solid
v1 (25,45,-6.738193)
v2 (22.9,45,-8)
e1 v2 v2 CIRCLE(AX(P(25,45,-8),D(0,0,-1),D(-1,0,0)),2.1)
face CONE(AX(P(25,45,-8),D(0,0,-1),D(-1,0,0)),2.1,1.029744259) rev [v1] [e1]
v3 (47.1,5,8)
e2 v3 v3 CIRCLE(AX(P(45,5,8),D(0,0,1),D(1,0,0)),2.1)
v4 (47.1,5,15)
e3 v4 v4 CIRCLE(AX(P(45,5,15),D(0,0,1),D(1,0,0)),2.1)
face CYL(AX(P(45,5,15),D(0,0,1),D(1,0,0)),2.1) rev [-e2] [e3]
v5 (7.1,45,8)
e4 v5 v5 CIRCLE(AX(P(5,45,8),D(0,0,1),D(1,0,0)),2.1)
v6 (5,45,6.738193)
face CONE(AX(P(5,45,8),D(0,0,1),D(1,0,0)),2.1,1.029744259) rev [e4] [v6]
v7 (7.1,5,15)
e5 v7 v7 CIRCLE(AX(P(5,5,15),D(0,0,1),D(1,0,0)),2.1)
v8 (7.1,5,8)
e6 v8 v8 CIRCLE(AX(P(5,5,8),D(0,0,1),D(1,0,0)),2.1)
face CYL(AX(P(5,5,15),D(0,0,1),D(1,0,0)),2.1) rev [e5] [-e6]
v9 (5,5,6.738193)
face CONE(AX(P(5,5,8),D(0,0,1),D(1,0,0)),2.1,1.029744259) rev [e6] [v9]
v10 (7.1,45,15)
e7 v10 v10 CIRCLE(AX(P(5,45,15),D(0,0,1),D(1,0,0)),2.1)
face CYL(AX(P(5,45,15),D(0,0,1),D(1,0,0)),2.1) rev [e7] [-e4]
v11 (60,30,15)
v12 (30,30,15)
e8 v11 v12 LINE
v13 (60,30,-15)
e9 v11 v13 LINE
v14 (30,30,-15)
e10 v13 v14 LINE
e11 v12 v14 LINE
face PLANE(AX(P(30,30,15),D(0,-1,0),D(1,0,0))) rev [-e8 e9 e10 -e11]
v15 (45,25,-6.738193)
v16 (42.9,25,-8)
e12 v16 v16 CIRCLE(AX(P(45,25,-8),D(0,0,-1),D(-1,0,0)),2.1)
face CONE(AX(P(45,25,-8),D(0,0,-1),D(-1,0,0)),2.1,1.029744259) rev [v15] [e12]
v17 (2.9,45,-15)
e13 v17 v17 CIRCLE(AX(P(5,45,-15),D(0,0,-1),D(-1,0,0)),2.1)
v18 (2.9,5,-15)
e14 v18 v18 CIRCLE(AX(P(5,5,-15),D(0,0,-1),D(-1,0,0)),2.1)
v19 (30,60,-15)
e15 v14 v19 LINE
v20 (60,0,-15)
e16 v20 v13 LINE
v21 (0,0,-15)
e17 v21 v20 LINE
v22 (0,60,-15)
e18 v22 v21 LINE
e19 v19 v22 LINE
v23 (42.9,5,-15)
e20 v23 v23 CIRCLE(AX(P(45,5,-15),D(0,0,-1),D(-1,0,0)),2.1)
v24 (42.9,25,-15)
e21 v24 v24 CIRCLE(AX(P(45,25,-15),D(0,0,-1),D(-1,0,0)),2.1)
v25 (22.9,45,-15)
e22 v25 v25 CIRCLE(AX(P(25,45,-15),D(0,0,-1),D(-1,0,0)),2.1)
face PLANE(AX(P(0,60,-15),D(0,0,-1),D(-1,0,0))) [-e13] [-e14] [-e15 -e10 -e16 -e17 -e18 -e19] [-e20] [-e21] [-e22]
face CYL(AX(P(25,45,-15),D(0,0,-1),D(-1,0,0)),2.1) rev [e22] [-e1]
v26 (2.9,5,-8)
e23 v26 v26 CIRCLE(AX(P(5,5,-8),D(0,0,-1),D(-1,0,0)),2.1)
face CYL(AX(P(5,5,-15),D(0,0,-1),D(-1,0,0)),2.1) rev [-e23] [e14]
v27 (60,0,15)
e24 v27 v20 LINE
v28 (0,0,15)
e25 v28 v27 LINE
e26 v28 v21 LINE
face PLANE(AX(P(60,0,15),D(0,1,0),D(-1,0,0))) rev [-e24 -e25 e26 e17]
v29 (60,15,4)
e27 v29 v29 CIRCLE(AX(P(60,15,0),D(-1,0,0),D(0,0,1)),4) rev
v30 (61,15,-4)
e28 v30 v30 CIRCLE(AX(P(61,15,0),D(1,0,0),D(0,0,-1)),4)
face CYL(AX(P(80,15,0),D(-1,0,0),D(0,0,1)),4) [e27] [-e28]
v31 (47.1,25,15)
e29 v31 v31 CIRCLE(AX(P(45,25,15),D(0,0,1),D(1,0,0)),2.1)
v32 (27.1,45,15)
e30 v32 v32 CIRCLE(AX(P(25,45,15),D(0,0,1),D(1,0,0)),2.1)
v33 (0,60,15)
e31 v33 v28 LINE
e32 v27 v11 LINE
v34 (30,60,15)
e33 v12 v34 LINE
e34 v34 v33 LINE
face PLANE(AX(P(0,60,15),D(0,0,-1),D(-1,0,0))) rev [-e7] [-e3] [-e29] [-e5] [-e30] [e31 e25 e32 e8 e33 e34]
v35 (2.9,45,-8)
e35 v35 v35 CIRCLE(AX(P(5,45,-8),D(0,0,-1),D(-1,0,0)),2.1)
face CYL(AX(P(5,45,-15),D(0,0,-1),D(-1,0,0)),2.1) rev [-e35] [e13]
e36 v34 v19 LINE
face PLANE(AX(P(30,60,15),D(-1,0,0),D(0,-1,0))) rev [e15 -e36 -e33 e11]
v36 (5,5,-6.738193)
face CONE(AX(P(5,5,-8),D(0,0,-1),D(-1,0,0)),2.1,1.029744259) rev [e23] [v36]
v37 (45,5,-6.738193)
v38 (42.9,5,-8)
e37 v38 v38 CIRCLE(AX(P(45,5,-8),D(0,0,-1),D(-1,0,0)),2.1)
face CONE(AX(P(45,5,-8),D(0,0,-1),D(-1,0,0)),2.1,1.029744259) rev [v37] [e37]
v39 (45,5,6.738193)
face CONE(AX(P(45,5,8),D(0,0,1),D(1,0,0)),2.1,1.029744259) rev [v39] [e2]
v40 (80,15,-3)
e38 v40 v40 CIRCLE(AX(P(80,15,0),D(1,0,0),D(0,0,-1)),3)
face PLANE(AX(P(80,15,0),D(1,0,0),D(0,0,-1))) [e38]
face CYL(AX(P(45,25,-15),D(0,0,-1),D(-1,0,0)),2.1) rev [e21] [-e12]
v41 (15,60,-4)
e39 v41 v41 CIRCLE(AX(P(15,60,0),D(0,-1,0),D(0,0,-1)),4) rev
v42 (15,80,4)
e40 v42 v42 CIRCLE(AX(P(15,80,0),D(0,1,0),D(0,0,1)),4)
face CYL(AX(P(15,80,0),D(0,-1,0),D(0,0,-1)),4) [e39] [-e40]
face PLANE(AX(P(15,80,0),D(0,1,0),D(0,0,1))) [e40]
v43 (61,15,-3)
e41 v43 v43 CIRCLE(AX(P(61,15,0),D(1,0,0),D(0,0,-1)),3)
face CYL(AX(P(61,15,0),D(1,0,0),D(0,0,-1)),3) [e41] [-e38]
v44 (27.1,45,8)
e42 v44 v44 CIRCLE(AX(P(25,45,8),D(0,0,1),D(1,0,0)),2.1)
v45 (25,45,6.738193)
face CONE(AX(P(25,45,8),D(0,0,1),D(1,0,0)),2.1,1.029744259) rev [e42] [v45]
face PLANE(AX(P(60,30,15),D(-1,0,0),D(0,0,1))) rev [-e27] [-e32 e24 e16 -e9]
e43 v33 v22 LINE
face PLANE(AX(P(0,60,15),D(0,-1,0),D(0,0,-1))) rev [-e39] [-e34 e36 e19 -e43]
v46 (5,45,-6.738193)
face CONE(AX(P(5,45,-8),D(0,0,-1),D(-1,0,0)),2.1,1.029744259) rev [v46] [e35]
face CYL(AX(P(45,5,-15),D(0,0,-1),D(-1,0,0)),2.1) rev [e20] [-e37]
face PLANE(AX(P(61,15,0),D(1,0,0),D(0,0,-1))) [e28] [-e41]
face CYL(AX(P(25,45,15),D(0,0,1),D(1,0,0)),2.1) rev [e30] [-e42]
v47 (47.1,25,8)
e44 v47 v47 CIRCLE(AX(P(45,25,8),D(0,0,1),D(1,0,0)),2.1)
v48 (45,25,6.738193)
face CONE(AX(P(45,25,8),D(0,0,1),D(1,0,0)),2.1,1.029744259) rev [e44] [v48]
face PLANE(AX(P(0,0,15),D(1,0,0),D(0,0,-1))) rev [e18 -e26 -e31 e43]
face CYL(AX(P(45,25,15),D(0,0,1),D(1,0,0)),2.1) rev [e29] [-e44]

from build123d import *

# Parameters (mm, degrees)
BOSS_EXTRU_1_DEPTH             = 15
ESQUISSE3_R                    = 4
BOSS_EXTRU_2_DEPTH             = 20
ESQUISSE4_R                    = 4
BOSS_EXTRU_3_DEPTH             = 20
TROU_TARAUD_M5X0_85_AT_2_COUNT = 2
TROU_TARAUD_M5X0_85_AT_2_PITCH = 44.72135955
ENL_V_START                    = -19
ESQUISSE13_R                   = 4
ESQUISSE13_R_2                 = 3
ENL_V_MAT_EXTRU_1_DEPTH        = 19


with BuildPart() as part:
    # Esquisse1 → Boss.-Extru.1 (new, symmetric)
    with BuildSketch(Plane.XY):
        Polygon((0, 60), (30, 60), (30, 30), (60, 30), (60, 0), (0, 0), align=None)
    extrude(amount=BOSS_EXTRU_1_DEPTH, both=True)

    # Esquisse3 → Boss.-Extru.2 (add)
    with BuildSketch(Plane(origin=(0, 60, 0), x_dir=(-1, 0, 0), z_dir=(0, 1, 0))):
        with Locations(Location((-15, 0, 0), (0, 0, 270))):
            Circle(ESQUISSE3_R)
    extrude(amount=BOSS_EXTRU_2_DEPTH)

    # Esquisse4 → Boss.-Extru.3 (add)
    with BuildSketch(Plane(origin=(60, 0, 0), x_dir=(0, 0, -1), z_dir=(1, 0, 0))):
        with Locations(Location((0, 15, 0), (0, 0, 180))):
            Circle(ESQUISSE4_R)
    extrude(amount=BOSS_EXTRU_3_DEPTH)

    # Esquisse8 → Trou taraudé M5x0.82 (revolve, cut)
    with BuildSketch(Plane(origin=(45, 5, 15), x_dir=(0, -1, 0), z_dir=(1, 0, 0))):
        Polygon((0, 0), (0, 8.2618073), (2.1, 7), (2.1, 0), align=None)
    trou_taraud_m5x0_82 = revolve(axis=Axis((45, 5, 21.35), (0, 0, -1)), mode=Mode.SUBTRACT)

    # Esquisse9 → Trou taraudé M5x0.83 (revolve, cut)
    with BuildSketch(Plane(origin=(45, 25, 15), x_dir=(0, -1, 0), z_dir=(1, 0, 0))):
        Polygon((0, 0), (0, 8.2618073), (2.1, 7), (2.1, 0), align=None)
    trou_taraud_m5x0_83 = revolve(axis=Axis((45, 25, 21.35), (0, 0, -1)), mode=Mode.SUBTRACT)

    # Esquisse10 → Trou taraudé M5x0.84 (revolve, cut)
    with BuildSketch(Plane(origin=(5, 45, 15), x_dir=(0, -1, 0), z_dir=(1, 0, 0))):
        Polygon((0, 0), (0, 8.2618073), (2.1, 7), (2.1, 0), align=None)
    trou_taraud_m5x0_84 = revolve(axis=Axis((5, 45, 21.35), (0, 0, -1)), mode=Mode.SUBTRACT)

    # Esquisse12 → Trou taraudé M5x0.85 (revolve, cut)
    with BuildSketch(Plane(origin=(25, 45, 15), x_dir=(0, -1, 0), z_dir=(1, 0, 0))):
        Polygon((0, 0), (0, 8.2618073), (2.1, 7), (2.1, 0), align=None)
    trou_taraud_m5x0_85 = revolve(axis=Axis((25, 45, 21.35), (0, 0, -1)), mode=Mode.SUBTRACT)

    # Trou taraudé M5x0.85 at 2: Trou taraudé M5x0.85 ×2
    with Locations(*[Vector(-0.447213595499958, -0.8944271909999159, 0) * (i * TROU_TARAUD_M5X0_85_AT_2_PITCH) for i in range(1, TROU_TARAUD_M5X0_85_AT_2_COUNT)]):
        add(trou_taraud_m5x0_85, mode=Mode.SUBTRACT)

    # Symétrie1: Trou taraudé M5x0.82, Trou taraudé M5x0.83, Trou taraudé M5x0.84, Trou taraudé M5x0.85 across plane
    add(trou_taraud_m5x0_82.mirror(Plane.XY), mode=Mode.SUBTRACT)
    add(trou_taraud_m5x0_83.mirror(Plane.XY), mode=Mode.SUBTRACT)
    add(trou_taraud_m5x0_84.mirror(Plane.XY), mode=Mode.SUBTRACT)
    add(trou_taraud_m5x0_85.mirror(Plane.XY), mode=Mode.SUBTRACT)

    # Symétrie1 copy 1 sketch → Symétrie1 copy 1 (revolve, cut)
    with BuildSketch(Plane(origin=(5, 5, -15), x_dir=(0, -1, 0), z_dir=(1, 0, 0))):
        Polygon((0, 0), (0, -8.2618073), (2.1, -7), (2.1, 0), align=None)
    revolve(axis=Axis((5, 5, -21.35), (0, 0, -1)), mode=Mode.SUBTRACT)

    # Esquisse13 → Enlèv. mat.-Extru.1 (cut)
    with BuildSketch(Plane(origin=(80, 0, 0), x_dir=(0, 0, -1), z_dir=(1, 0, 0)).offset(ENL_V_START)):
        with Locations(Location((0, 15, 0), (0, 0, 180))):
            Circle(ESQUISSE13_R)
        with Locations((0, 15)):
            Circle(ESQUISSE13_R_2, mode=Mode.SUBTRACT)
    extrude(amount=ENL_V_MAT_EXTRU_1_DEPTH, mode=Mode.SUBTRACT)


solid = part.part
